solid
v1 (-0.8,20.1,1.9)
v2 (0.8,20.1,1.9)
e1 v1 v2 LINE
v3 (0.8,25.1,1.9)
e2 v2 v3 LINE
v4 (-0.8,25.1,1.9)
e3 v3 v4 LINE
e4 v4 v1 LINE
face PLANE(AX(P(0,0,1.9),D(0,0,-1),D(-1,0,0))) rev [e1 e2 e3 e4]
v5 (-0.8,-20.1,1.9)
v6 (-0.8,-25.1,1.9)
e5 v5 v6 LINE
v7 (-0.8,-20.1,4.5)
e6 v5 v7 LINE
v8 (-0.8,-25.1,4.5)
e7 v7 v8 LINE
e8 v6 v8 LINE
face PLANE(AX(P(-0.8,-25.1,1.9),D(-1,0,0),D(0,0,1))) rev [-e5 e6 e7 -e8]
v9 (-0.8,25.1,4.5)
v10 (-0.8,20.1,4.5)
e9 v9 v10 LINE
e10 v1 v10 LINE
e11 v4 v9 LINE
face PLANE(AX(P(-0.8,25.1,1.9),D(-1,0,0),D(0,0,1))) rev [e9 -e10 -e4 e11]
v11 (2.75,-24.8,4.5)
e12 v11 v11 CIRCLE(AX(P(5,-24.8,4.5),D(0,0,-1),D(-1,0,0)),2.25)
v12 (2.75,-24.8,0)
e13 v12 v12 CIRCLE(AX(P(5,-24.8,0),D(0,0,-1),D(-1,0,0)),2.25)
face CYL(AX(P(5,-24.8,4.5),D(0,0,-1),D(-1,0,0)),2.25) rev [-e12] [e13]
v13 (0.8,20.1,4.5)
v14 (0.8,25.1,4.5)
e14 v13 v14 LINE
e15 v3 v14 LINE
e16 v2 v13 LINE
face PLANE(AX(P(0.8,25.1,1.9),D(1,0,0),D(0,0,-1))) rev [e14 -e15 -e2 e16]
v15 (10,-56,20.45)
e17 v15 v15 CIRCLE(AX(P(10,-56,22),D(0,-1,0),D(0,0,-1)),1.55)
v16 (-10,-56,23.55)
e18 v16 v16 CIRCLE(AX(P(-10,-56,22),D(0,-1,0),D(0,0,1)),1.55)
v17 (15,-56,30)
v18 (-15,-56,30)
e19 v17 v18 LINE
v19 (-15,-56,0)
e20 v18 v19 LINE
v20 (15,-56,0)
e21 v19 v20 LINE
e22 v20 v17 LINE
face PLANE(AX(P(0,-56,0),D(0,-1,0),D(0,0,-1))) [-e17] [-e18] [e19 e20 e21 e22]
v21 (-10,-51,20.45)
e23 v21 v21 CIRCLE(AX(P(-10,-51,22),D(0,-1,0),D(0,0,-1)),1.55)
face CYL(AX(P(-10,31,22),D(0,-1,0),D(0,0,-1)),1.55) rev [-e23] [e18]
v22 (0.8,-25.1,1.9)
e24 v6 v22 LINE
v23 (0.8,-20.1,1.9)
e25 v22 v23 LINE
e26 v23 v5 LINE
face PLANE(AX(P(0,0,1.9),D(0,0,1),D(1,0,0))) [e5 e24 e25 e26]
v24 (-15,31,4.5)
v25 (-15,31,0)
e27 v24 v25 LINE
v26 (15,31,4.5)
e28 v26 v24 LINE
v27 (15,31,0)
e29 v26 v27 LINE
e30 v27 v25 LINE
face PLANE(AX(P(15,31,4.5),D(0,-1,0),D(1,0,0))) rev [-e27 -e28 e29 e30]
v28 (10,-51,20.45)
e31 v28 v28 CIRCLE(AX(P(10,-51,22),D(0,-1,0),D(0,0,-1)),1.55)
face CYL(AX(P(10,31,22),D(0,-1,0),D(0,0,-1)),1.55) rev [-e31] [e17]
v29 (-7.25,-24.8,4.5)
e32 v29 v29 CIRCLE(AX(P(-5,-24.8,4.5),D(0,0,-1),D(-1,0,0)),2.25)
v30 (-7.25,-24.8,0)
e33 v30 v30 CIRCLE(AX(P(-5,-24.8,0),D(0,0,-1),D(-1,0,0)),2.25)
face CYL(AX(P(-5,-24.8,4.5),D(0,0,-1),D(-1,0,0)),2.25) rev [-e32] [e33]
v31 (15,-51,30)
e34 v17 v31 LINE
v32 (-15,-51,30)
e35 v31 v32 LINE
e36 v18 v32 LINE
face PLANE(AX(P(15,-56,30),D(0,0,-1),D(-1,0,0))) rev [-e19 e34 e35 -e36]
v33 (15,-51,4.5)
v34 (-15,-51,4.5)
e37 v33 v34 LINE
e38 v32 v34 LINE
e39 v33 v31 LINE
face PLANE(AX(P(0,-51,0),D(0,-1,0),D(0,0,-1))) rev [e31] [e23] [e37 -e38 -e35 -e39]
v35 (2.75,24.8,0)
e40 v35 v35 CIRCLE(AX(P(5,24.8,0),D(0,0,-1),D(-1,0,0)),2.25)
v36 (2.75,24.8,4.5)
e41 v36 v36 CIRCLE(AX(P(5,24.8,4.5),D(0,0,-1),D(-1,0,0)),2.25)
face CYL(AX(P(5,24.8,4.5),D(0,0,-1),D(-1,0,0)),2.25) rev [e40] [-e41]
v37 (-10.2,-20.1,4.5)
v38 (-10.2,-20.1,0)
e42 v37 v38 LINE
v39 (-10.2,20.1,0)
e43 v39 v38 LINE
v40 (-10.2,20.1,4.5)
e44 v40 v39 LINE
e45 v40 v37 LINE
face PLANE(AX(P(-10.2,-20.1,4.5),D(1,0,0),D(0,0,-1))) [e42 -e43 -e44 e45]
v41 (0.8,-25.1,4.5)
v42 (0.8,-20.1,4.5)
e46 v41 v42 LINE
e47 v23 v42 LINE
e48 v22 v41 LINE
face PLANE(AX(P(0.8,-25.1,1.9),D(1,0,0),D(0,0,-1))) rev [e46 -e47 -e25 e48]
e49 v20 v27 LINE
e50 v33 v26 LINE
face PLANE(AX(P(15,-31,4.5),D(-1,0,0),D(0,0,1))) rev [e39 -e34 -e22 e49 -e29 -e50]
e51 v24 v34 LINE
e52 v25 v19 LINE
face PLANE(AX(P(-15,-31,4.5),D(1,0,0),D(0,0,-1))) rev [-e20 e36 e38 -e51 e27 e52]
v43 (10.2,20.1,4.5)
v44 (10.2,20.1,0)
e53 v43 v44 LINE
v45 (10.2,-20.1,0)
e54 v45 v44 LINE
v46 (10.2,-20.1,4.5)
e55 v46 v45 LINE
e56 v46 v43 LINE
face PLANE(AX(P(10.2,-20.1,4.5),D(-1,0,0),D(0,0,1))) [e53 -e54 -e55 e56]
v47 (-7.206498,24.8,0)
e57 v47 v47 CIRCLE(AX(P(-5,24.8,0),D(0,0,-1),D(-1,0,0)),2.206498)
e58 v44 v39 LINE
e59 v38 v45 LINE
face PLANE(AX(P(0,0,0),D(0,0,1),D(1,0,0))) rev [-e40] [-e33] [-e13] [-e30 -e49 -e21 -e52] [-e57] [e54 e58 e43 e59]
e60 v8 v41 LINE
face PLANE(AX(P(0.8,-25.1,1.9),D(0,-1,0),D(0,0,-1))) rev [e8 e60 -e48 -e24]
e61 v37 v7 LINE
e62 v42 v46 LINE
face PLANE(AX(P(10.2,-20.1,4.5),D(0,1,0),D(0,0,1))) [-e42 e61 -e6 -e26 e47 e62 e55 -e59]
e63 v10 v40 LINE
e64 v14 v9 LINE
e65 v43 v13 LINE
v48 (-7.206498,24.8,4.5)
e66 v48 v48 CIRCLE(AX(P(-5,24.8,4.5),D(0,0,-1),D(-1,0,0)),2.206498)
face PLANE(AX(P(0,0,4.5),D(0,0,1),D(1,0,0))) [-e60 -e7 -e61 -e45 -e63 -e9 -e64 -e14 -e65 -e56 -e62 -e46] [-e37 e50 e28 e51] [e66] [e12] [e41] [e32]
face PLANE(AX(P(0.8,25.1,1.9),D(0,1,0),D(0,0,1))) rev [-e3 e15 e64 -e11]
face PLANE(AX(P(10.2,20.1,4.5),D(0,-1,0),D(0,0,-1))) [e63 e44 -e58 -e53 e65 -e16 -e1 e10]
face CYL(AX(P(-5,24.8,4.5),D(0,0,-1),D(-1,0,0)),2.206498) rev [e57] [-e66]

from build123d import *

# Parameters (mm, degrees)
SKETCH_1_W          = 30
SKETCH_1_H          = 62
SKETCH_1_W_2        = 20.4
SKETCH_1_H_2        = 40.2
EXTRUDE_1_DEPTH     = 4.5
SKETCH_3_R          = 2.25
SKETCH_3_R_2        = 2.20649786
CUT_EXTRUDE_1_DEPTH = 35.731109974
SKETCH_5_W          = 30
SKETCH_5_H          = 4.5
EXTRUDE_3_DEPTH     = 20
SKETCH_6_W          = 30
SKETCH_6_H          = 30
EXTRUDE_4_DEPTH     = 5
SKETCH_7_R          = 1.55
CUT_EXTRUDE_2_DEPTH = 94.241621608
SKETCH_8_W          = 1.6
SKETCH_8_H          = 5
CUT_EXTRUDE_3_DEPTH = 2.6


with BuildPart() as part:
    # 草图1 → 凸台-拉伸1 (new body)
    with BuildSketch(Plane.XY):
        Rectangle(SKETCH_1_W, SKETCH_1_H)
        Rectangle(SKETCH_1_W_2, SKETCH_1_H_2, mode=Mode.SUBTRACT)
    extrude(amount=EXTRUDE_1_DEPTH)

    # 草图3 → 切除-拉伸1 (cut, through all)
    with BuildSketch(Plane(origin=(0, 0, 0), x_dir=(-1, 0, 0), z_dir=(0, 0, -1))):
        with Locations((-5, -24.8)):
            Circle(SKETCH_3_R)
        with Locations((5, -24.8)):
            Circle(SKETCH_3_R)
        with Locations((-5, 24.8)):
            Circle(SKETCH_3_R)
        with Locations((5, 24.8)):
            Circle(SKETCH_3_R_2)
    extrude(amount=-CUT_EXTRUDE_1_DEPTH, mode=Mode.SUBTRACT)

    # 草图5 → 凸台-拉伸3 (add)
    with BuildSketch(Plane.XZ.offset(31)):
        with Locations((0, 2.25)):
            Rectangle(SKETCH_5_W, SKETCH_5_H)
    extrude(amount=EXTRUDE_3_DEPTH)

    # 草图6 → 凸台-拉伸4 (add)
    with BuildSketch(Plane.XZ.offset(51)):
        with Locations((0, 15)):
            Rectangle(SKETCH_6_W, SKETCH_6_H)
    extrude(amount=EXTRUDE_4_DEPTH)

    # 草图7 → 切除-拉伸2 (cut, through all)
    with BuildSketch(Plane.XZ.offset(56)):
        with Locations(Location((10, 22, 0), (0, 0, 270))):
            Circle(SKETCH_7_R)
        with Locations(Location((-10, 22, 0), (0, 0, 270))):
            Circle(SKETCH_7_R)
    extrude(amount=-CUT_EXTRUDE_2_DEPTH, mode=Mode.SUBTRACT)

    # 草图8 → 切除-拉伸3 (cut)
    with BuildSketch(Plane.XY.offset(4.5)):
        with Locations((0, -22.6)):
            Rectangle(SKETCH_8_W, SKETCH_8_H)
        with Locations((0, 22.6)):
            Rectangle(SKETCH_8_W, SKETCH_8_H)
    extrude(amount=-CUT_EXTRUDE_3_DEPTH, mode=Mode.SUBTRACT)


solid = part.part
